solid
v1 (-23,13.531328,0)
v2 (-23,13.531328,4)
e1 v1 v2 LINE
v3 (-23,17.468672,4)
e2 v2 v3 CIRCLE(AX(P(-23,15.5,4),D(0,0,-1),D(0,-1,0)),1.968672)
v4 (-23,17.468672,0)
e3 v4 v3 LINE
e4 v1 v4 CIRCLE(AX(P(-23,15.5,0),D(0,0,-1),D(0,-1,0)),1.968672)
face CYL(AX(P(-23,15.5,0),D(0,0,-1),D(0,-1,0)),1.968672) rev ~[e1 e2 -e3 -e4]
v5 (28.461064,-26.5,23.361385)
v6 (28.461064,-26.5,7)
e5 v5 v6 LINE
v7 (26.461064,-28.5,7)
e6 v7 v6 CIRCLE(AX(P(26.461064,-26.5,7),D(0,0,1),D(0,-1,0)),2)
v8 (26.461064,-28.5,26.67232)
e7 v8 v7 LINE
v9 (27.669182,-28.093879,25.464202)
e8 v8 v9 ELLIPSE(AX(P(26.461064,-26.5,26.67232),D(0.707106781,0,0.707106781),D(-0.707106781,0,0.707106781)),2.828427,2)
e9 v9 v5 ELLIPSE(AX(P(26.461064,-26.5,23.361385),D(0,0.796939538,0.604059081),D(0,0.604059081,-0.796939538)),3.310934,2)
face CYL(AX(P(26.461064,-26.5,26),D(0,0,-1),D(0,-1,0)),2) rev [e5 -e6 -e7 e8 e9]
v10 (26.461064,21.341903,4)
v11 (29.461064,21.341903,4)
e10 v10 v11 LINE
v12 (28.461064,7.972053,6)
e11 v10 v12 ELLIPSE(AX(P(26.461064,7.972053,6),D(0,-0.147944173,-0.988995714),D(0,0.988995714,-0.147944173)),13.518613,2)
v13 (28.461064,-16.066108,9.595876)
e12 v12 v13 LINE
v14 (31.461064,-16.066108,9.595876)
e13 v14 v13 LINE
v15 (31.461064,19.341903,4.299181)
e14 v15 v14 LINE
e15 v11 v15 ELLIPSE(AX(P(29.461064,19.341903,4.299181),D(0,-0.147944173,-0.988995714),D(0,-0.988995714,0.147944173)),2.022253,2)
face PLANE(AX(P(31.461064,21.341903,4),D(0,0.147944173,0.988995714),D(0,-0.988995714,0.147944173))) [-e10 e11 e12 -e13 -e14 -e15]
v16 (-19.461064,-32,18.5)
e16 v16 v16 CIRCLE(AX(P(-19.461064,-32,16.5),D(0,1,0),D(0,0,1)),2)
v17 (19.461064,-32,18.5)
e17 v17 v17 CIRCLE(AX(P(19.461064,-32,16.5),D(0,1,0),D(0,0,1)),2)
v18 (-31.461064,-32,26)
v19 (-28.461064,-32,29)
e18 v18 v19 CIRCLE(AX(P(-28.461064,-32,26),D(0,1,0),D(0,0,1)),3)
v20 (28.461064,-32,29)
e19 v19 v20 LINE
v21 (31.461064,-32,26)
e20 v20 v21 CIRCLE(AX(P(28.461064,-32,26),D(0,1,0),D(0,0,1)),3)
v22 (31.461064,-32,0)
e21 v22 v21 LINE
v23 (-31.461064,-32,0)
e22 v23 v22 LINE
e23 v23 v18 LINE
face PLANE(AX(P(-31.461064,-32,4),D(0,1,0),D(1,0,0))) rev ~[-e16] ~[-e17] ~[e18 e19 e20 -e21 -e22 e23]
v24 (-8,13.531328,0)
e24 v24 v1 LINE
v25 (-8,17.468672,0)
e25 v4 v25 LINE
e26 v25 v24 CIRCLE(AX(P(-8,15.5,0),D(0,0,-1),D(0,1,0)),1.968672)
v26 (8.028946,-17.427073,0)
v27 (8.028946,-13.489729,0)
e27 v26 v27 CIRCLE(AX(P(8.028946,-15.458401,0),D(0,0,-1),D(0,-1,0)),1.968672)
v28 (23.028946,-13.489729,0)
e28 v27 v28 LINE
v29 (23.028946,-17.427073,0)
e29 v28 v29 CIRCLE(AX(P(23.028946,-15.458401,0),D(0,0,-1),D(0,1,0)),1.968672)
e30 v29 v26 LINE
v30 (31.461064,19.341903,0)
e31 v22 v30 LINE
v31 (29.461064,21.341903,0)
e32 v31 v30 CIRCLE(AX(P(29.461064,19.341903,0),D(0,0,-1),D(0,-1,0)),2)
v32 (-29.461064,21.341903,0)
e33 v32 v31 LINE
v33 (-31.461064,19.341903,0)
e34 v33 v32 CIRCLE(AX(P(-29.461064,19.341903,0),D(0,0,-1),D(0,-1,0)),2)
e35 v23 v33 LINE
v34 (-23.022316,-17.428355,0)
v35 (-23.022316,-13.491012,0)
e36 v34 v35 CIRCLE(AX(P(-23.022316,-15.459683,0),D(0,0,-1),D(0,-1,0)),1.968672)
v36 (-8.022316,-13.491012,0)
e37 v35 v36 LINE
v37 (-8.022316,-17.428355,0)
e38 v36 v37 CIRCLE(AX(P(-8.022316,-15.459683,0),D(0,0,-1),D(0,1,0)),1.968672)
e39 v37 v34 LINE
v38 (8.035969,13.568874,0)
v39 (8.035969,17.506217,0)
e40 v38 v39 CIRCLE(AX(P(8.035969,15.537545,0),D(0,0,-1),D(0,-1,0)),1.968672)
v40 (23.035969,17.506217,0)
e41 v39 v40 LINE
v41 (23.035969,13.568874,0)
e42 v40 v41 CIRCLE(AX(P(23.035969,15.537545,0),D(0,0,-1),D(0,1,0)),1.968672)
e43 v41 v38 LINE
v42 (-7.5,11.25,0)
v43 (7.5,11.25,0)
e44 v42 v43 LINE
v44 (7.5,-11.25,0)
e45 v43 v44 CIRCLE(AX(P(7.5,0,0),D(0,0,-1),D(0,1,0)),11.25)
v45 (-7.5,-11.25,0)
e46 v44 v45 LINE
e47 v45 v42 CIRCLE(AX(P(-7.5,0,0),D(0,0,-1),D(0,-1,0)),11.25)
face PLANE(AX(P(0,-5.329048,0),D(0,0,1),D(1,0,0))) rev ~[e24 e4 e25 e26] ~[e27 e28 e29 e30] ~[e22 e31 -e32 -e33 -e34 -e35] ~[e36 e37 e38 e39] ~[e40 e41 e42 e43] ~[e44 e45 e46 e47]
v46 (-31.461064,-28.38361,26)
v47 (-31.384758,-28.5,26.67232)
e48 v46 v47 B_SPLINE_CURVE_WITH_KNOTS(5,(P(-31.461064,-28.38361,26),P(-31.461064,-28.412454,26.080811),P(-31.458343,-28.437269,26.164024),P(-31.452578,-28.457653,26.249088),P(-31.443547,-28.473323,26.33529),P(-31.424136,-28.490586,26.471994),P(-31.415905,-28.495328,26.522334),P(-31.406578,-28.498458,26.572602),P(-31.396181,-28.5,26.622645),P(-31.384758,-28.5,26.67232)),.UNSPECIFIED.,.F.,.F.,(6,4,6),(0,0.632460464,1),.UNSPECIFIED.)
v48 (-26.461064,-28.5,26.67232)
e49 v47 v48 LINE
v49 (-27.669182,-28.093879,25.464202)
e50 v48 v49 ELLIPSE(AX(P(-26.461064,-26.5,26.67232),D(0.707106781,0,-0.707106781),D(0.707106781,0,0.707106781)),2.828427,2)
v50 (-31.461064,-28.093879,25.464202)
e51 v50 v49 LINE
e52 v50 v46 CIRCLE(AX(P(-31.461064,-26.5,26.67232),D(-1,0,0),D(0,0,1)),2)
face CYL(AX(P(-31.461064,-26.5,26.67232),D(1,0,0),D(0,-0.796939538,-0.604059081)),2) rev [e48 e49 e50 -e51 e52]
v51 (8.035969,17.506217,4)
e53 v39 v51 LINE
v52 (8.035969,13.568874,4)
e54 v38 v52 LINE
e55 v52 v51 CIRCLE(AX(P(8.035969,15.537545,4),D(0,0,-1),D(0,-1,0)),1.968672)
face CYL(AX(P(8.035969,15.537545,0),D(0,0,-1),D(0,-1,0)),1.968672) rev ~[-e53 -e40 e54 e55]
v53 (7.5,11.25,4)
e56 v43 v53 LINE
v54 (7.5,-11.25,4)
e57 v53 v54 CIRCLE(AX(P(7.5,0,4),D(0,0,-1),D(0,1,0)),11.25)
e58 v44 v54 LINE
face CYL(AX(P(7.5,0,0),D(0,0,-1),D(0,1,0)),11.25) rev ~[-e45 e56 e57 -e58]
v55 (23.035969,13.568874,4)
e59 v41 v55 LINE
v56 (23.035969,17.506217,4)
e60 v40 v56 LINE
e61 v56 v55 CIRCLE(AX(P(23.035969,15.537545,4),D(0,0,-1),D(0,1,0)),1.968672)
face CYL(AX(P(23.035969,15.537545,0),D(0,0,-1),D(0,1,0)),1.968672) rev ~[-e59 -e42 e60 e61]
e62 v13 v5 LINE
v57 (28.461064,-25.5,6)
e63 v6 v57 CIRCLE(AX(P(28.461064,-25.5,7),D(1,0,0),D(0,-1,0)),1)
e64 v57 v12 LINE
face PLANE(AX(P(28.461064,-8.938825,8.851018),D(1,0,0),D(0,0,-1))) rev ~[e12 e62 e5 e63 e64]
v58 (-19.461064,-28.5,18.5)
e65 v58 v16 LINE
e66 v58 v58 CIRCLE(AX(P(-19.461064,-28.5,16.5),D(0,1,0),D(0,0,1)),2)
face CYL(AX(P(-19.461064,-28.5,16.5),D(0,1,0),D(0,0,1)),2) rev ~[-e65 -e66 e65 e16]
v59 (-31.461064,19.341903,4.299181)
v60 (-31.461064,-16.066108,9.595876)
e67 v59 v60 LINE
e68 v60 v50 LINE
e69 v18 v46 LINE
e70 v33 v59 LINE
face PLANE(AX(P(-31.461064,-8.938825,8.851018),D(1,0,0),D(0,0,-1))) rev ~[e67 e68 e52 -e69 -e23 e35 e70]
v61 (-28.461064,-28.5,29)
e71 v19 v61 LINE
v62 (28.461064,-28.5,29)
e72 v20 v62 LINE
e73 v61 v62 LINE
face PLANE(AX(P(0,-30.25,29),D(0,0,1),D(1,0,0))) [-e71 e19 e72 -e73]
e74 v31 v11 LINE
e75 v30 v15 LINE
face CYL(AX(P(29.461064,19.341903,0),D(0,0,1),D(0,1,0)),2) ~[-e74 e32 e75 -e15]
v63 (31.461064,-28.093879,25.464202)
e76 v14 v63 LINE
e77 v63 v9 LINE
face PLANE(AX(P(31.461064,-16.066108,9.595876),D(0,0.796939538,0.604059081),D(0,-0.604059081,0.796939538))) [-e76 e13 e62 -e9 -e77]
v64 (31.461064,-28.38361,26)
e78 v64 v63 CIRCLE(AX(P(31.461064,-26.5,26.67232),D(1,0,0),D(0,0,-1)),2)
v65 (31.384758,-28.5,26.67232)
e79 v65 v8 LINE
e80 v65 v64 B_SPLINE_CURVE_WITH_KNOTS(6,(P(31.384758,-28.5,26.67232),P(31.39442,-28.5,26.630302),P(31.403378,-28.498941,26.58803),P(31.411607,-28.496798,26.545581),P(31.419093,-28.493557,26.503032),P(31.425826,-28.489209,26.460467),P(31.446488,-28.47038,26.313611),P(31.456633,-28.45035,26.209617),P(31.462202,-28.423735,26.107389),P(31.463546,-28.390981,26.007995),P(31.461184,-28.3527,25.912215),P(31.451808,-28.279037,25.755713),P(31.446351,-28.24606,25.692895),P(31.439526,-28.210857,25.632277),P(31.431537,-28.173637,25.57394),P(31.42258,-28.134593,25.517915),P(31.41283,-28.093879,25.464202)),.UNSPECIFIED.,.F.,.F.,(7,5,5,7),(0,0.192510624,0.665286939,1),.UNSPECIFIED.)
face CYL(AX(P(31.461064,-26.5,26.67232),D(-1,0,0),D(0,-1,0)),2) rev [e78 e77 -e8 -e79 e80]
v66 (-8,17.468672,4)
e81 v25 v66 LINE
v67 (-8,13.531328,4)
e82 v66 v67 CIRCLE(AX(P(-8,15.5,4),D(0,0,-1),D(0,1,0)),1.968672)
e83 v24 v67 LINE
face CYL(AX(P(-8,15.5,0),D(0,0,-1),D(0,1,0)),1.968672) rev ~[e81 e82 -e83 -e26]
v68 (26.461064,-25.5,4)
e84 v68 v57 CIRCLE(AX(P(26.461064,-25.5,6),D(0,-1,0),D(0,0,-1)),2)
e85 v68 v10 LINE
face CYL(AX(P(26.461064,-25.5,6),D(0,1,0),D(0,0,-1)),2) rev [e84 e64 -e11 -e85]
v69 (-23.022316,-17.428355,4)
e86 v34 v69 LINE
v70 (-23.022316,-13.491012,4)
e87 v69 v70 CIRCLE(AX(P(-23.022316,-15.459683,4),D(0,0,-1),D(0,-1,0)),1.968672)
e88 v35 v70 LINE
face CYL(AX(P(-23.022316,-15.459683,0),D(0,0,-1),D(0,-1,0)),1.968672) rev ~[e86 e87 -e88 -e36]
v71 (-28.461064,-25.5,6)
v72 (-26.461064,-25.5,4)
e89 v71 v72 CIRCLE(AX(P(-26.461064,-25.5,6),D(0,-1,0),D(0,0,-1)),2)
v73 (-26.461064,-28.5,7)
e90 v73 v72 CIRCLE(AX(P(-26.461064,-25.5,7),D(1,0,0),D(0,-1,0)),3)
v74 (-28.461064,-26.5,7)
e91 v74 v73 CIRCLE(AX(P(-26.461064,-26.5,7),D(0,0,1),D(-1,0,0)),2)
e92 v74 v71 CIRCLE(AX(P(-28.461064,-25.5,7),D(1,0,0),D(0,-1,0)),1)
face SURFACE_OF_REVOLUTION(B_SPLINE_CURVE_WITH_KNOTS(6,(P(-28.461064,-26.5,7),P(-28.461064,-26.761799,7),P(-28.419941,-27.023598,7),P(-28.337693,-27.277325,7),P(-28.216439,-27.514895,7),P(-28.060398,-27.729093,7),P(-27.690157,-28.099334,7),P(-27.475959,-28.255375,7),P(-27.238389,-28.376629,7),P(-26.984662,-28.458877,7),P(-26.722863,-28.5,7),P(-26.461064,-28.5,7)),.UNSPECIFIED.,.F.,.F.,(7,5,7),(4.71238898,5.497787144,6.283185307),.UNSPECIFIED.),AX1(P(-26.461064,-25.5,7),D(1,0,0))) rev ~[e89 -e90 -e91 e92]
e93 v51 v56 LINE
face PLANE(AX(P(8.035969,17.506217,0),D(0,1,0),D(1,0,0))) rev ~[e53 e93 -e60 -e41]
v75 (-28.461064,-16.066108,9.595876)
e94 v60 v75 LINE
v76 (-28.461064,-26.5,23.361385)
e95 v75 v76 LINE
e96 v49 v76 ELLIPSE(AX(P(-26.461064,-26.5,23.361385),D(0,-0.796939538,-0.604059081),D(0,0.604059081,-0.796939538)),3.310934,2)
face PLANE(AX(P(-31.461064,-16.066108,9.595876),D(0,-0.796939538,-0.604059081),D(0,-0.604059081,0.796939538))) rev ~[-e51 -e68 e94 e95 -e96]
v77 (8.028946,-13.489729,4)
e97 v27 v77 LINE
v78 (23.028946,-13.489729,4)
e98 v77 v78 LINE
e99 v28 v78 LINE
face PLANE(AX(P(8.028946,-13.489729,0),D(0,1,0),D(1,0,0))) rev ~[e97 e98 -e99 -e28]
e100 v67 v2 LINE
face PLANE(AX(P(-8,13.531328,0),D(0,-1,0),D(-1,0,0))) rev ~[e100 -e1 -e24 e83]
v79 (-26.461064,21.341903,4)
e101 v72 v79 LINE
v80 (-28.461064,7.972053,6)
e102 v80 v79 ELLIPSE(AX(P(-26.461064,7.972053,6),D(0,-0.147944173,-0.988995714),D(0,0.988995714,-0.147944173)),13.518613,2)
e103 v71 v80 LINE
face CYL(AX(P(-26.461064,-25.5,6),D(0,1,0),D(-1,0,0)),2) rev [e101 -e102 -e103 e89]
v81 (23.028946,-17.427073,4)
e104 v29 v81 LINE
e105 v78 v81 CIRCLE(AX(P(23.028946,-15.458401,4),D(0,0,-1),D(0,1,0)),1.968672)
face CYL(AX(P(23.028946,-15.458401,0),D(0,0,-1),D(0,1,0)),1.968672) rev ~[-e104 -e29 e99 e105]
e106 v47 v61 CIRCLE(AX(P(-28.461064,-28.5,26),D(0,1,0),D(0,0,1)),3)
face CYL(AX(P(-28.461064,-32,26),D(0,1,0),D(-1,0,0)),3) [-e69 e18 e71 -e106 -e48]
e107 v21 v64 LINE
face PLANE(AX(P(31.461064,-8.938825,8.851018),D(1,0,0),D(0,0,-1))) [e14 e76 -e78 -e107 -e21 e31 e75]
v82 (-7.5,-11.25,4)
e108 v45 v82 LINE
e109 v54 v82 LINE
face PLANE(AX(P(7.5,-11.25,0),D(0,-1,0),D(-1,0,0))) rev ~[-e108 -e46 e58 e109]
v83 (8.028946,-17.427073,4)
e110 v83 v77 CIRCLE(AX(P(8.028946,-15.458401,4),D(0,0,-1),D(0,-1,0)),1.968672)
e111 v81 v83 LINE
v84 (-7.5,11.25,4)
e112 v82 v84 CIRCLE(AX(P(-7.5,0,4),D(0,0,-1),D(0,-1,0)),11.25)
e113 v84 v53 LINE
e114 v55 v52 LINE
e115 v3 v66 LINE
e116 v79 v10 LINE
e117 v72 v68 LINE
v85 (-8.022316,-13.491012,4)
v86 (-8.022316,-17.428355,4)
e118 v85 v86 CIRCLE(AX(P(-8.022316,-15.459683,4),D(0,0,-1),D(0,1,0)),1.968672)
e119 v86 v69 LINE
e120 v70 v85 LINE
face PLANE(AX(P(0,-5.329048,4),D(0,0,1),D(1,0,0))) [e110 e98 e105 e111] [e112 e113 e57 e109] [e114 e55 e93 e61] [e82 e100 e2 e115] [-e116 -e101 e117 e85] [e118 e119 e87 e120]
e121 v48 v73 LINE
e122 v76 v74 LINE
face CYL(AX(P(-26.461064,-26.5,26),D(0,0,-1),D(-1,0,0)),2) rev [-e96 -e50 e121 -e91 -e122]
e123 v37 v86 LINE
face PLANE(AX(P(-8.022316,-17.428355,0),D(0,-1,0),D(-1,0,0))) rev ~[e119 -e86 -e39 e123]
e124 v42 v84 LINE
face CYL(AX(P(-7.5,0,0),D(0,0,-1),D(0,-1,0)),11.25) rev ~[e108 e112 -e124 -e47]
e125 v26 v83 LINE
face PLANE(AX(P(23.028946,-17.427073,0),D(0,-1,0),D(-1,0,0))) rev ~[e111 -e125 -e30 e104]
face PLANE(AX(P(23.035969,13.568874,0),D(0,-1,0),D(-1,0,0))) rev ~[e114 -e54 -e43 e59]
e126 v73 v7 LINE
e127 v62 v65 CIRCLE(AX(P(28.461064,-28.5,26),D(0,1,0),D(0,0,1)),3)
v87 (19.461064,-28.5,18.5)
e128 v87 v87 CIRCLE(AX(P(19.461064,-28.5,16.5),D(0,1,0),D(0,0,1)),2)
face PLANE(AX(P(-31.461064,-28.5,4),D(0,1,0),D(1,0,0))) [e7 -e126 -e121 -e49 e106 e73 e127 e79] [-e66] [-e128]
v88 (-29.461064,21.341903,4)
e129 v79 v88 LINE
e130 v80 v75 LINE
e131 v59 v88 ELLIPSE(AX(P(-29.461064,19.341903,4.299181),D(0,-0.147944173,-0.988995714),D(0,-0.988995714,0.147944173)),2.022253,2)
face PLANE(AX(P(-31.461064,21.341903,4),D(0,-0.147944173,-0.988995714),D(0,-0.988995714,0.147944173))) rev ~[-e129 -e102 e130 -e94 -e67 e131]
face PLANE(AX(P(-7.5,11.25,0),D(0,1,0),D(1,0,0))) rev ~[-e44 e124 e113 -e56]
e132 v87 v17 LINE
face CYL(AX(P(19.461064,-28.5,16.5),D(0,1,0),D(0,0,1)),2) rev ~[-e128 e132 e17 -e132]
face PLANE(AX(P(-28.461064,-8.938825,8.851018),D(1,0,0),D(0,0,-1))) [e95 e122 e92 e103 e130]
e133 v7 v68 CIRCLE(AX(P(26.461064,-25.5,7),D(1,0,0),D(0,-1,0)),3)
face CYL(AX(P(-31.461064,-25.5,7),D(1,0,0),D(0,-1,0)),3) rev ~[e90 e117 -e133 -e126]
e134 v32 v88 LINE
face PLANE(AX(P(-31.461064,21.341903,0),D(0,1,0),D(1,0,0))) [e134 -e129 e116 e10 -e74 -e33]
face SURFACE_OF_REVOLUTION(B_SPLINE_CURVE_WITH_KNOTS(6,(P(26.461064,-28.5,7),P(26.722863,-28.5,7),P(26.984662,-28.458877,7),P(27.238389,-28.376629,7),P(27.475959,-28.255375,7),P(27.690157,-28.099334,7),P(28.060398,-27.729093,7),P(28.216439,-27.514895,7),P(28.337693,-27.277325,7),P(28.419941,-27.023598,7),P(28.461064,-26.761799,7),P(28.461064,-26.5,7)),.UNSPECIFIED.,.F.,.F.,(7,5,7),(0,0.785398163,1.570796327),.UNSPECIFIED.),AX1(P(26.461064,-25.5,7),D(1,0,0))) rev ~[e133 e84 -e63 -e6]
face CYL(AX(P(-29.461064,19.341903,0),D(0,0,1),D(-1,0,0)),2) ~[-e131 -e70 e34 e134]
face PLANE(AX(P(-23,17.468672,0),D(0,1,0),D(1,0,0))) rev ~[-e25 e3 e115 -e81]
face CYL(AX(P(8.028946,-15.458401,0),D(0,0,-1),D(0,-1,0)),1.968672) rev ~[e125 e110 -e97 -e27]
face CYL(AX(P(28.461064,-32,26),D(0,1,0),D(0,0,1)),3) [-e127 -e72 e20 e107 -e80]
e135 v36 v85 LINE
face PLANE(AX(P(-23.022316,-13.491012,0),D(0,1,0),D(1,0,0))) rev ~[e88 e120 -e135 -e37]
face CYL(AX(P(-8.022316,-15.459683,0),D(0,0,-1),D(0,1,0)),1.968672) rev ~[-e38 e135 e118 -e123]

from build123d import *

# Parameters (mm, degrees)
SKETCH_1_W          = 62.922128066
SKETCH_1_H          = 53.34190314
EXTRUDE_1_DEPTH     = 4
SKETCH_2_W          = 62.922128066
SKETCH_2_H          = 3.5
EXTRUDE_2_DEPTH     = 25
CUT_EXTRUDE_1_REACH = 67.689
SKETCH_3_R          = 2
FILLET_1_R          = 3
EXTRUDE_3_DEPTH     = 3
EXTRUDE_4_DEPTH     = 3
FILLET_2_R          = 2


with BuildPart() as part:
    # Эскиз1 → Бобышка-Вытянуть1 (new body)
    with BuildSketch(Plane.XY):
        with Locations((0, -5.32904843)):
            Rectangle(SKETCH_1_W, SKETCH_1_H)
        with BuildLine():
            Line((-7.5, 11.25), (7.5, 11.25))
            ThreePointArc((7.5, 11.25), (18.75, 0), (7.5, -11.25))
            Line((7.5, -11.25), (-7.5, -11.25))
            ThreePointArc((-7.5, -11.25), (-18.75, 0), (-7.5, 11.25))
        make_face(mode=Mode.SUBTRACT)
        with BuildLine():
            Line((-23, 17.468671613), (-8, 17.468671613))
            ThreePointArc((-8, 17.468671613), (-6.031328387, 15.5), (-8, 13.531328387))
            Line((-8, 13.531328387), (-23, 13.531328387))
            ThreePointArc((-23, 13.531328387), (-24.968671613, 15.5), (-23, 17.468671613))
        make_face(mode=Mode.SUBTRACT)
        with BuildLine():
            Line((8.035969411, 17.506216751), (23.035969411, 17.506216751))
            ThreePointArc((23.035969411, 17.506216751), (25.004641024, 15.537545138), (23.035969411, 13.568873525))
            Line((23.035969411, 13.568873525), (8.035969411, 13.568873525))
            ThreePointArc((8.035969411, 13.568873525), (6.067297798, 15.537545138), (8.035969411, 17.506216751))
        make_face(mode=Mode.SUBTRACT)
        with BuildLine():
            Line((-23.022315975, -13.49101169), (-8.022315975, -13.49101169))
            ThreePointArc((-8.022315975, -13.49101169), (-6.053644362, -15.459683303), (-8.022315975, -17.428354916))
            Line((-8.022315975, -17.428354916), (-23.022315975, -17.428354916))
            ThreePointArc((-23.022315975, -17.428354916), (-24.990987588, -15.459683303), (-23.022315975, -13.49101169))
        make_face(mode=Mode.SUBTRACT)
        with BuildLine():
            Line((8.028946211, -13.4897295), (23.028946211, -13.4897295))
            ThreePointArc((23.028946211, -13.4897295), (24.997617824, -15.458401113), (23.028946211, -17.427072726))
            Line((23.028946211, -17.427072726), (8.028946211, -17.427072726))
            ThreePointArc((8.028946211, -17.427072726), (6.060274598, -15.458401113), (8.028946211, -13.4897295))
        make_face(mode=Mode.SUBTRACT)
    extrude(amount=EXTRUDE_1_DEPTH)

    # Эскиз2 → Бобышка-Вытянуть2 (add)
    with BuildSketch(Plane.XY.offset(4)):
        with Locations((0, -30.25)):
            Rectangle(SKETCH_2_W, SKETCH_2_H)
    extrude(amount=EXTRUDE_2_DEPTH)

    # Эскиз3 → Вырез-Вытянуть1 (cut, up to next)
    with BuildSketch(Plane(origin=(0, -28.5, 0), x_dir=(1, 0, 0), z_dir=(0, 1, 0)), mode=Mode.PRIVATE) as cut_extrude_1_sk1:
        with Locations(Location((-19.461064033, -16.5, 0), (0, 0, 270))):
            Circle(SKETCH_3_R)
    cut_extrude_1_tool1 = extrude(cut_extrude_1_sk1.sketch, amount=-CUT_EXTRUDE_1_REACH, mode=Mode.PRIVATE) & part.part
    # Эскиз3 → Вырез-Вытянуть1 (cut, up to next)
    with BuildSketch(Plane(origin=(0, -28.5, 0), x_dir=(1, 0, 0), z_dir=(0, 1, 0)), mode=Mode.PRIVATE) as cut_extrude_1_sk2:
        with Locations(Location((19.461064033, -16.5, 0), (0, 0, 270))):
            Circle(SKETCH_3_R)
    cut_extrude_1_tool2 = extrude(cut_extrude_1_sk2.sketch, amount=-CUT_EXTRUDE_1_REACH, mode=Mode.PRIVATE) & part.part
    add(cut_extrude_1_tool1.solids().sort_by_distance((-19.461064, -28.5, 16.5))[0], mode=Mode.SUBTRACT)
    add(cut_extrude_1_tool2.solids().sort_by_distance((19.461064, -28.5, 16.5))[0], mode=Mode.SUBTRACT)

    # Скругление1
    fillet_1_edges = [part.edges().sort_by_distance(p)[0] for p in [
        (0, -28.5, 4),
        (-31.461064033, -30.25, 29),
        (31.461064033, -30.25, 29),
    ]]
    fillet(fillet_1_edges, radius=FILLET_1_R)

    # Эскиз4 → Бобышка-Вытянуть3 (add)
    with BuildSketch(Plane(origin=(31.461064033, 0, 0), x_dir=(0, 0, -1), z_dir=(1, 0, 0))):
        Polygon((-26, -28.5), (-4, -28.5), (-4, 21.34190314), (-9.595875894, -16.066108025), align=None)
    extrude(amount=-EXTRUDE_3_DEPTH)

    # Эскиз5 → Бобышка-Вытянуть4 (add)
    with BuildSketch(Plane.ZY.offset(31.461064033)):
        Polygon((26, -28.5), (4, -28.5), (4, 21.34190314), (9.595875894, -16.066108025), align=None)
    extrude(amount=-EXTRUDE_4_DEPTH)

    # Скругление2
    fillet_2_edges = [part.edges().sort_by_distance(p)[0] for p in [
        (28.461064033, -27.621320344, 4.878679656),
        (28.461064033, -2.07904843, 4),
        (29.961064033, -28.5, 26),
        (28.461064033, -28.5, 16.5),
        (-28.461064033, -27.621320344, 4.878679656),
        (-28.461064033, -2.07904843, 4),
        (-28.461064033, -28.5, 16.5),
        (-29.961064033, -28.5, 26),
        (-31.461064033, 21.34190314, 2),
        (31.461064033, 21.34190314, 2),
    ]]
    fillet(fillet_2_edges, radius=FILLET_2_R)


solid = part.part
